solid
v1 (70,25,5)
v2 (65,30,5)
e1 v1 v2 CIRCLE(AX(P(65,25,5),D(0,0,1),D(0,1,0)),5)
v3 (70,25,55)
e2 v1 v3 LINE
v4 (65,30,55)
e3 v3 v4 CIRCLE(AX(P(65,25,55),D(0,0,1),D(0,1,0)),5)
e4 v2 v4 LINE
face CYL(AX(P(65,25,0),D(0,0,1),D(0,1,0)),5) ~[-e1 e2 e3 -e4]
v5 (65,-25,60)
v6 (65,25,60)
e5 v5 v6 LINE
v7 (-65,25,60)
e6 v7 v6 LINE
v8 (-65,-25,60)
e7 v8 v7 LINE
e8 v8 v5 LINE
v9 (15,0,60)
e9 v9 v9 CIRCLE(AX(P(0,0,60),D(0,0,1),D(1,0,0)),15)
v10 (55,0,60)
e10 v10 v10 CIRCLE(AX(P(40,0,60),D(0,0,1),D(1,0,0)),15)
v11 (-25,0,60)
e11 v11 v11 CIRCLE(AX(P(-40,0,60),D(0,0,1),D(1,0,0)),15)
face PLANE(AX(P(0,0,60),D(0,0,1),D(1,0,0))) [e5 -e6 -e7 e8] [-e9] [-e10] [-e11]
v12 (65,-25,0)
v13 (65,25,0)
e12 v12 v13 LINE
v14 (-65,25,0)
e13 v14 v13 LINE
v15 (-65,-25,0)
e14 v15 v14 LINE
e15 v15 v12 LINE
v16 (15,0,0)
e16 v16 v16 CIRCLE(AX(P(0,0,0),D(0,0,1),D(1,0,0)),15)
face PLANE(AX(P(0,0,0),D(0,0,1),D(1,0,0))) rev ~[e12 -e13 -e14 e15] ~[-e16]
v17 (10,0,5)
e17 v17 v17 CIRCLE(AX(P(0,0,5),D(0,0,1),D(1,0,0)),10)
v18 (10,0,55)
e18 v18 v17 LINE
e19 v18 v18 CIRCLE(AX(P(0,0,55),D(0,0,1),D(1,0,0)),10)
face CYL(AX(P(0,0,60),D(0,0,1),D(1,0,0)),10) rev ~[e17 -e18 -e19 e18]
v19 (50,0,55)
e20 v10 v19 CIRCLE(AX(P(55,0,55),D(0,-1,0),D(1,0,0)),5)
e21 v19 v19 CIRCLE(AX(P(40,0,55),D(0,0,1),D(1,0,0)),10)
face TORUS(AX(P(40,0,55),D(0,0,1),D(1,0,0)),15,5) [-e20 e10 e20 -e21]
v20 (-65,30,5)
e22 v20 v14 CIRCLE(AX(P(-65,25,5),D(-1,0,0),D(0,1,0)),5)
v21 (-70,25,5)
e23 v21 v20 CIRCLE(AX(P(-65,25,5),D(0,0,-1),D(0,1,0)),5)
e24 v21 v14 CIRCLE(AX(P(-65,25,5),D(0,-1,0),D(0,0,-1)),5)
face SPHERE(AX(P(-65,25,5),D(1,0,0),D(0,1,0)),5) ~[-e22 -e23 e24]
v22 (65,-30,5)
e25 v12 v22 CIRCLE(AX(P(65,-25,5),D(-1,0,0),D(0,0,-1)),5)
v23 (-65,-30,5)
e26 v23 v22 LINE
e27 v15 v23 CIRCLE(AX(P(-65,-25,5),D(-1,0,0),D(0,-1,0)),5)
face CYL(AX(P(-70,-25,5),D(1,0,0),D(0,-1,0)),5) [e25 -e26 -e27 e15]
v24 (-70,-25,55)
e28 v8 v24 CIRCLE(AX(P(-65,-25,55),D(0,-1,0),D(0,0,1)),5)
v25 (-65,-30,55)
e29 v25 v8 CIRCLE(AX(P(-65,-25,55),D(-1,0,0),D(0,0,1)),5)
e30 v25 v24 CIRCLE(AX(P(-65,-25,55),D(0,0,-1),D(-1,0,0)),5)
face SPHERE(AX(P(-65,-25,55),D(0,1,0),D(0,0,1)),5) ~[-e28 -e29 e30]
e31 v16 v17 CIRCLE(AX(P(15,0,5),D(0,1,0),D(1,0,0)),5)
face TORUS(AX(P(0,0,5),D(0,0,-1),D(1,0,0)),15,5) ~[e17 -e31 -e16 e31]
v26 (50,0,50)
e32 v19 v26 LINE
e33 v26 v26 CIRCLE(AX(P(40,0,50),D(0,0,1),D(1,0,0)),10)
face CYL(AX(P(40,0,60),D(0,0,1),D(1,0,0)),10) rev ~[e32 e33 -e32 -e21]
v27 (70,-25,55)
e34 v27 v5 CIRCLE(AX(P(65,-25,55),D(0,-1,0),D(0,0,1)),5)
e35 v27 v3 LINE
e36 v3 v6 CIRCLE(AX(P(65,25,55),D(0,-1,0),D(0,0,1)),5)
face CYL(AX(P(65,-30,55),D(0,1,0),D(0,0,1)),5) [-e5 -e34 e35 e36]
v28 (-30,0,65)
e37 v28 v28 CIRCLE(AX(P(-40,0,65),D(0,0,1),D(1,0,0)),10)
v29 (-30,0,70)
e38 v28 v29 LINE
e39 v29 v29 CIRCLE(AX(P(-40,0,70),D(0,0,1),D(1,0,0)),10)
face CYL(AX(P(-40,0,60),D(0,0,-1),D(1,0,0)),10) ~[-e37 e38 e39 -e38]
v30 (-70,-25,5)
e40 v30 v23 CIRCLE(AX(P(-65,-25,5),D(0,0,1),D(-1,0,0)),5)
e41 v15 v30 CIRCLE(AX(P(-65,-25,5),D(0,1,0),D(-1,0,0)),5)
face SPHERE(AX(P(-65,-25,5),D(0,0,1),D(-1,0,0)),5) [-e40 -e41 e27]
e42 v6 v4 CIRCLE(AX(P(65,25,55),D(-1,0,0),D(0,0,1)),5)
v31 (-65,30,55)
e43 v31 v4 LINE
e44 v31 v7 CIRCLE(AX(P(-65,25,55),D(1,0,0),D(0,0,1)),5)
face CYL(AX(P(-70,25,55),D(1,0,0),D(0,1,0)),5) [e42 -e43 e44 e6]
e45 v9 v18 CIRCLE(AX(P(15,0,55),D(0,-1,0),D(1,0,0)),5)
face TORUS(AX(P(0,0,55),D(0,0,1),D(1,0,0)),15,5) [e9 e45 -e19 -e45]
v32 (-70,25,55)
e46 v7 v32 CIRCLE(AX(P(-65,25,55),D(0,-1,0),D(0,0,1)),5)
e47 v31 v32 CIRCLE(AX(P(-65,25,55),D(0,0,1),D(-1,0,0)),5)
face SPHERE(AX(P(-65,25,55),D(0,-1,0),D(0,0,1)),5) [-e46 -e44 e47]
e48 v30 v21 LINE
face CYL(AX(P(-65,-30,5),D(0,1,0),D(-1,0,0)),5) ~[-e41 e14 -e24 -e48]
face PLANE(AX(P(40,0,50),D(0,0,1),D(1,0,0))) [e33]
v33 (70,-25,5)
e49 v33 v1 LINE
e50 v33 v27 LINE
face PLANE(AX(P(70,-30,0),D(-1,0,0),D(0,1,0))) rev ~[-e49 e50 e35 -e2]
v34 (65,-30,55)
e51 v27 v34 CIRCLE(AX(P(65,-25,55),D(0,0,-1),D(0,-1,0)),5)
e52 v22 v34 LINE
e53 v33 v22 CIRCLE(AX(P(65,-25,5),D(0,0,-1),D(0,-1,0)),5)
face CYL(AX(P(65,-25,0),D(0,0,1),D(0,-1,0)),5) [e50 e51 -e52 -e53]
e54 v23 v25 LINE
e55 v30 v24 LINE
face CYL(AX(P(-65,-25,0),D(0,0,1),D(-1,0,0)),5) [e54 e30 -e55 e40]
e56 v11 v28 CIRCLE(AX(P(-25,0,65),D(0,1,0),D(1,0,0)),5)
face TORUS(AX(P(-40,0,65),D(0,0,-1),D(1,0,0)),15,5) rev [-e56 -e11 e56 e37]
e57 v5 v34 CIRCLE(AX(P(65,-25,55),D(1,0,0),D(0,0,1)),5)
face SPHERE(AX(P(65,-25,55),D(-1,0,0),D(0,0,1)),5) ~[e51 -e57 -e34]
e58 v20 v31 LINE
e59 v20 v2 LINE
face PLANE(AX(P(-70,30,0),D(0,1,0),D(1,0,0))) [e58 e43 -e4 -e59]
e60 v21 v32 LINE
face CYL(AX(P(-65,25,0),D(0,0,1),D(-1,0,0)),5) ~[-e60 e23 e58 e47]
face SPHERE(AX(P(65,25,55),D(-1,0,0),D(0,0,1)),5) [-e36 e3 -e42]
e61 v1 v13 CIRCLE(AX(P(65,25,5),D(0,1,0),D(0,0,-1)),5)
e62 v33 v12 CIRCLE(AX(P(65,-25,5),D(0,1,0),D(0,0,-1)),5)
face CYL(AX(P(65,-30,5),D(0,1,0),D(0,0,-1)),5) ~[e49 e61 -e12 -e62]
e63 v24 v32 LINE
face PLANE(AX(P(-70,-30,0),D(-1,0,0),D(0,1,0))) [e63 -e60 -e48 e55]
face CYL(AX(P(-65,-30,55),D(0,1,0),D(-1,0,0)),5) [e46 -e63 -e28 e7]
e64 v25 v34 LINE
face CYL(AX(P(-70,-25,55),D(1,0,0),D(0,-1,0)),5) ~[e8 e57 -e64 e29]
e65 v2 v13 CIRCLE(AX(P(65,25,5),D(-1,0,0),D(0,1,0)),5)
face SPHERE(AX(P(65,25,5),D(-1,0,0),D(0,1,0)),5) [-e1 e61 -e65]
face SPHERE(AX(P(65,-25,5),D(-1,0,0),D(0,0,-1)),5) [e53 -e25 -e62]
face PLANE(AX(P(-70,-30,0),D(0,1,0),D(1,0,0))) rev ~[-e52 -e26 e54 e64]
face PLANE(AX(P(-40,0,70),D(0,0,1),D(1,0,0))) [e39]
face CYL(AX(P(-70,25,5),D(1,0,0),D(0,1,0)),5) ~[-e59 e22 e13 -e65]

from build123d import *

# Parameters (mm, degrees)
F0_W     = 140
F0_H     = 60
F1_DEPTH = 60
F2_R     = 10
F5_DEPTH = 10
F3_R     = 10
F6_DEPTH = 10
F4_R     = 10
F7_DEPTH = 132.8
F8_R     = 5


with BuildPart() as f1:
    # F0 (on Top) → F1 (new body)
    with BuildSketch(Plane.XY):
        Rectangle(F0_W, F0_H)
    extrude(amount=F1_DEPTH)

    # F2 (on face) → F5 (join)
    with BuildSketch(Plane.XY.offset(60)):
        with Locations((-40, 0)):
            Circle(F2_R)
    extrude(amount=F5_DEPTH)

    # F3 (on face) → F6 (cut)
    with BuildSketch(Plane.XY.offset(60)):
        with Locations((40, 0)):
            Circle(F3_R)
    extrude(amount=-F6_DEPTH, mode=Mode.SUBTRACT)

    # F4 (on face) → F7 (cut)
    with BuildSketch(Plane.XY.offset(60)):
        Circle(F4_R)
    extrude(amount=-F7_DEPTH, mode=Mode.SUBTRACT)

    # F8
    f8_edges = [f1.edges().sort_by_distance(p)[0] for p in [
        (-70, 0, 60),
        (0, 30, 60),
        (0, -30, 60),
        (70, 0, 60),
        (-50, 0, 60),
        (-10, 0, 60),
        (30, 0, 60),
        (0, 30, 0),
        (-70, 30, 30),
        (70, 30, 30),
        (-70, -30, 30),
        (-70, 0, 0),
        (0, -30, 0),
        (-10, 0, 0),
        (70, 0, 0),
        (70, -30, 30),
    ]]
    fillet(f8_edges, radius=F8_R)


solid = f1.part
